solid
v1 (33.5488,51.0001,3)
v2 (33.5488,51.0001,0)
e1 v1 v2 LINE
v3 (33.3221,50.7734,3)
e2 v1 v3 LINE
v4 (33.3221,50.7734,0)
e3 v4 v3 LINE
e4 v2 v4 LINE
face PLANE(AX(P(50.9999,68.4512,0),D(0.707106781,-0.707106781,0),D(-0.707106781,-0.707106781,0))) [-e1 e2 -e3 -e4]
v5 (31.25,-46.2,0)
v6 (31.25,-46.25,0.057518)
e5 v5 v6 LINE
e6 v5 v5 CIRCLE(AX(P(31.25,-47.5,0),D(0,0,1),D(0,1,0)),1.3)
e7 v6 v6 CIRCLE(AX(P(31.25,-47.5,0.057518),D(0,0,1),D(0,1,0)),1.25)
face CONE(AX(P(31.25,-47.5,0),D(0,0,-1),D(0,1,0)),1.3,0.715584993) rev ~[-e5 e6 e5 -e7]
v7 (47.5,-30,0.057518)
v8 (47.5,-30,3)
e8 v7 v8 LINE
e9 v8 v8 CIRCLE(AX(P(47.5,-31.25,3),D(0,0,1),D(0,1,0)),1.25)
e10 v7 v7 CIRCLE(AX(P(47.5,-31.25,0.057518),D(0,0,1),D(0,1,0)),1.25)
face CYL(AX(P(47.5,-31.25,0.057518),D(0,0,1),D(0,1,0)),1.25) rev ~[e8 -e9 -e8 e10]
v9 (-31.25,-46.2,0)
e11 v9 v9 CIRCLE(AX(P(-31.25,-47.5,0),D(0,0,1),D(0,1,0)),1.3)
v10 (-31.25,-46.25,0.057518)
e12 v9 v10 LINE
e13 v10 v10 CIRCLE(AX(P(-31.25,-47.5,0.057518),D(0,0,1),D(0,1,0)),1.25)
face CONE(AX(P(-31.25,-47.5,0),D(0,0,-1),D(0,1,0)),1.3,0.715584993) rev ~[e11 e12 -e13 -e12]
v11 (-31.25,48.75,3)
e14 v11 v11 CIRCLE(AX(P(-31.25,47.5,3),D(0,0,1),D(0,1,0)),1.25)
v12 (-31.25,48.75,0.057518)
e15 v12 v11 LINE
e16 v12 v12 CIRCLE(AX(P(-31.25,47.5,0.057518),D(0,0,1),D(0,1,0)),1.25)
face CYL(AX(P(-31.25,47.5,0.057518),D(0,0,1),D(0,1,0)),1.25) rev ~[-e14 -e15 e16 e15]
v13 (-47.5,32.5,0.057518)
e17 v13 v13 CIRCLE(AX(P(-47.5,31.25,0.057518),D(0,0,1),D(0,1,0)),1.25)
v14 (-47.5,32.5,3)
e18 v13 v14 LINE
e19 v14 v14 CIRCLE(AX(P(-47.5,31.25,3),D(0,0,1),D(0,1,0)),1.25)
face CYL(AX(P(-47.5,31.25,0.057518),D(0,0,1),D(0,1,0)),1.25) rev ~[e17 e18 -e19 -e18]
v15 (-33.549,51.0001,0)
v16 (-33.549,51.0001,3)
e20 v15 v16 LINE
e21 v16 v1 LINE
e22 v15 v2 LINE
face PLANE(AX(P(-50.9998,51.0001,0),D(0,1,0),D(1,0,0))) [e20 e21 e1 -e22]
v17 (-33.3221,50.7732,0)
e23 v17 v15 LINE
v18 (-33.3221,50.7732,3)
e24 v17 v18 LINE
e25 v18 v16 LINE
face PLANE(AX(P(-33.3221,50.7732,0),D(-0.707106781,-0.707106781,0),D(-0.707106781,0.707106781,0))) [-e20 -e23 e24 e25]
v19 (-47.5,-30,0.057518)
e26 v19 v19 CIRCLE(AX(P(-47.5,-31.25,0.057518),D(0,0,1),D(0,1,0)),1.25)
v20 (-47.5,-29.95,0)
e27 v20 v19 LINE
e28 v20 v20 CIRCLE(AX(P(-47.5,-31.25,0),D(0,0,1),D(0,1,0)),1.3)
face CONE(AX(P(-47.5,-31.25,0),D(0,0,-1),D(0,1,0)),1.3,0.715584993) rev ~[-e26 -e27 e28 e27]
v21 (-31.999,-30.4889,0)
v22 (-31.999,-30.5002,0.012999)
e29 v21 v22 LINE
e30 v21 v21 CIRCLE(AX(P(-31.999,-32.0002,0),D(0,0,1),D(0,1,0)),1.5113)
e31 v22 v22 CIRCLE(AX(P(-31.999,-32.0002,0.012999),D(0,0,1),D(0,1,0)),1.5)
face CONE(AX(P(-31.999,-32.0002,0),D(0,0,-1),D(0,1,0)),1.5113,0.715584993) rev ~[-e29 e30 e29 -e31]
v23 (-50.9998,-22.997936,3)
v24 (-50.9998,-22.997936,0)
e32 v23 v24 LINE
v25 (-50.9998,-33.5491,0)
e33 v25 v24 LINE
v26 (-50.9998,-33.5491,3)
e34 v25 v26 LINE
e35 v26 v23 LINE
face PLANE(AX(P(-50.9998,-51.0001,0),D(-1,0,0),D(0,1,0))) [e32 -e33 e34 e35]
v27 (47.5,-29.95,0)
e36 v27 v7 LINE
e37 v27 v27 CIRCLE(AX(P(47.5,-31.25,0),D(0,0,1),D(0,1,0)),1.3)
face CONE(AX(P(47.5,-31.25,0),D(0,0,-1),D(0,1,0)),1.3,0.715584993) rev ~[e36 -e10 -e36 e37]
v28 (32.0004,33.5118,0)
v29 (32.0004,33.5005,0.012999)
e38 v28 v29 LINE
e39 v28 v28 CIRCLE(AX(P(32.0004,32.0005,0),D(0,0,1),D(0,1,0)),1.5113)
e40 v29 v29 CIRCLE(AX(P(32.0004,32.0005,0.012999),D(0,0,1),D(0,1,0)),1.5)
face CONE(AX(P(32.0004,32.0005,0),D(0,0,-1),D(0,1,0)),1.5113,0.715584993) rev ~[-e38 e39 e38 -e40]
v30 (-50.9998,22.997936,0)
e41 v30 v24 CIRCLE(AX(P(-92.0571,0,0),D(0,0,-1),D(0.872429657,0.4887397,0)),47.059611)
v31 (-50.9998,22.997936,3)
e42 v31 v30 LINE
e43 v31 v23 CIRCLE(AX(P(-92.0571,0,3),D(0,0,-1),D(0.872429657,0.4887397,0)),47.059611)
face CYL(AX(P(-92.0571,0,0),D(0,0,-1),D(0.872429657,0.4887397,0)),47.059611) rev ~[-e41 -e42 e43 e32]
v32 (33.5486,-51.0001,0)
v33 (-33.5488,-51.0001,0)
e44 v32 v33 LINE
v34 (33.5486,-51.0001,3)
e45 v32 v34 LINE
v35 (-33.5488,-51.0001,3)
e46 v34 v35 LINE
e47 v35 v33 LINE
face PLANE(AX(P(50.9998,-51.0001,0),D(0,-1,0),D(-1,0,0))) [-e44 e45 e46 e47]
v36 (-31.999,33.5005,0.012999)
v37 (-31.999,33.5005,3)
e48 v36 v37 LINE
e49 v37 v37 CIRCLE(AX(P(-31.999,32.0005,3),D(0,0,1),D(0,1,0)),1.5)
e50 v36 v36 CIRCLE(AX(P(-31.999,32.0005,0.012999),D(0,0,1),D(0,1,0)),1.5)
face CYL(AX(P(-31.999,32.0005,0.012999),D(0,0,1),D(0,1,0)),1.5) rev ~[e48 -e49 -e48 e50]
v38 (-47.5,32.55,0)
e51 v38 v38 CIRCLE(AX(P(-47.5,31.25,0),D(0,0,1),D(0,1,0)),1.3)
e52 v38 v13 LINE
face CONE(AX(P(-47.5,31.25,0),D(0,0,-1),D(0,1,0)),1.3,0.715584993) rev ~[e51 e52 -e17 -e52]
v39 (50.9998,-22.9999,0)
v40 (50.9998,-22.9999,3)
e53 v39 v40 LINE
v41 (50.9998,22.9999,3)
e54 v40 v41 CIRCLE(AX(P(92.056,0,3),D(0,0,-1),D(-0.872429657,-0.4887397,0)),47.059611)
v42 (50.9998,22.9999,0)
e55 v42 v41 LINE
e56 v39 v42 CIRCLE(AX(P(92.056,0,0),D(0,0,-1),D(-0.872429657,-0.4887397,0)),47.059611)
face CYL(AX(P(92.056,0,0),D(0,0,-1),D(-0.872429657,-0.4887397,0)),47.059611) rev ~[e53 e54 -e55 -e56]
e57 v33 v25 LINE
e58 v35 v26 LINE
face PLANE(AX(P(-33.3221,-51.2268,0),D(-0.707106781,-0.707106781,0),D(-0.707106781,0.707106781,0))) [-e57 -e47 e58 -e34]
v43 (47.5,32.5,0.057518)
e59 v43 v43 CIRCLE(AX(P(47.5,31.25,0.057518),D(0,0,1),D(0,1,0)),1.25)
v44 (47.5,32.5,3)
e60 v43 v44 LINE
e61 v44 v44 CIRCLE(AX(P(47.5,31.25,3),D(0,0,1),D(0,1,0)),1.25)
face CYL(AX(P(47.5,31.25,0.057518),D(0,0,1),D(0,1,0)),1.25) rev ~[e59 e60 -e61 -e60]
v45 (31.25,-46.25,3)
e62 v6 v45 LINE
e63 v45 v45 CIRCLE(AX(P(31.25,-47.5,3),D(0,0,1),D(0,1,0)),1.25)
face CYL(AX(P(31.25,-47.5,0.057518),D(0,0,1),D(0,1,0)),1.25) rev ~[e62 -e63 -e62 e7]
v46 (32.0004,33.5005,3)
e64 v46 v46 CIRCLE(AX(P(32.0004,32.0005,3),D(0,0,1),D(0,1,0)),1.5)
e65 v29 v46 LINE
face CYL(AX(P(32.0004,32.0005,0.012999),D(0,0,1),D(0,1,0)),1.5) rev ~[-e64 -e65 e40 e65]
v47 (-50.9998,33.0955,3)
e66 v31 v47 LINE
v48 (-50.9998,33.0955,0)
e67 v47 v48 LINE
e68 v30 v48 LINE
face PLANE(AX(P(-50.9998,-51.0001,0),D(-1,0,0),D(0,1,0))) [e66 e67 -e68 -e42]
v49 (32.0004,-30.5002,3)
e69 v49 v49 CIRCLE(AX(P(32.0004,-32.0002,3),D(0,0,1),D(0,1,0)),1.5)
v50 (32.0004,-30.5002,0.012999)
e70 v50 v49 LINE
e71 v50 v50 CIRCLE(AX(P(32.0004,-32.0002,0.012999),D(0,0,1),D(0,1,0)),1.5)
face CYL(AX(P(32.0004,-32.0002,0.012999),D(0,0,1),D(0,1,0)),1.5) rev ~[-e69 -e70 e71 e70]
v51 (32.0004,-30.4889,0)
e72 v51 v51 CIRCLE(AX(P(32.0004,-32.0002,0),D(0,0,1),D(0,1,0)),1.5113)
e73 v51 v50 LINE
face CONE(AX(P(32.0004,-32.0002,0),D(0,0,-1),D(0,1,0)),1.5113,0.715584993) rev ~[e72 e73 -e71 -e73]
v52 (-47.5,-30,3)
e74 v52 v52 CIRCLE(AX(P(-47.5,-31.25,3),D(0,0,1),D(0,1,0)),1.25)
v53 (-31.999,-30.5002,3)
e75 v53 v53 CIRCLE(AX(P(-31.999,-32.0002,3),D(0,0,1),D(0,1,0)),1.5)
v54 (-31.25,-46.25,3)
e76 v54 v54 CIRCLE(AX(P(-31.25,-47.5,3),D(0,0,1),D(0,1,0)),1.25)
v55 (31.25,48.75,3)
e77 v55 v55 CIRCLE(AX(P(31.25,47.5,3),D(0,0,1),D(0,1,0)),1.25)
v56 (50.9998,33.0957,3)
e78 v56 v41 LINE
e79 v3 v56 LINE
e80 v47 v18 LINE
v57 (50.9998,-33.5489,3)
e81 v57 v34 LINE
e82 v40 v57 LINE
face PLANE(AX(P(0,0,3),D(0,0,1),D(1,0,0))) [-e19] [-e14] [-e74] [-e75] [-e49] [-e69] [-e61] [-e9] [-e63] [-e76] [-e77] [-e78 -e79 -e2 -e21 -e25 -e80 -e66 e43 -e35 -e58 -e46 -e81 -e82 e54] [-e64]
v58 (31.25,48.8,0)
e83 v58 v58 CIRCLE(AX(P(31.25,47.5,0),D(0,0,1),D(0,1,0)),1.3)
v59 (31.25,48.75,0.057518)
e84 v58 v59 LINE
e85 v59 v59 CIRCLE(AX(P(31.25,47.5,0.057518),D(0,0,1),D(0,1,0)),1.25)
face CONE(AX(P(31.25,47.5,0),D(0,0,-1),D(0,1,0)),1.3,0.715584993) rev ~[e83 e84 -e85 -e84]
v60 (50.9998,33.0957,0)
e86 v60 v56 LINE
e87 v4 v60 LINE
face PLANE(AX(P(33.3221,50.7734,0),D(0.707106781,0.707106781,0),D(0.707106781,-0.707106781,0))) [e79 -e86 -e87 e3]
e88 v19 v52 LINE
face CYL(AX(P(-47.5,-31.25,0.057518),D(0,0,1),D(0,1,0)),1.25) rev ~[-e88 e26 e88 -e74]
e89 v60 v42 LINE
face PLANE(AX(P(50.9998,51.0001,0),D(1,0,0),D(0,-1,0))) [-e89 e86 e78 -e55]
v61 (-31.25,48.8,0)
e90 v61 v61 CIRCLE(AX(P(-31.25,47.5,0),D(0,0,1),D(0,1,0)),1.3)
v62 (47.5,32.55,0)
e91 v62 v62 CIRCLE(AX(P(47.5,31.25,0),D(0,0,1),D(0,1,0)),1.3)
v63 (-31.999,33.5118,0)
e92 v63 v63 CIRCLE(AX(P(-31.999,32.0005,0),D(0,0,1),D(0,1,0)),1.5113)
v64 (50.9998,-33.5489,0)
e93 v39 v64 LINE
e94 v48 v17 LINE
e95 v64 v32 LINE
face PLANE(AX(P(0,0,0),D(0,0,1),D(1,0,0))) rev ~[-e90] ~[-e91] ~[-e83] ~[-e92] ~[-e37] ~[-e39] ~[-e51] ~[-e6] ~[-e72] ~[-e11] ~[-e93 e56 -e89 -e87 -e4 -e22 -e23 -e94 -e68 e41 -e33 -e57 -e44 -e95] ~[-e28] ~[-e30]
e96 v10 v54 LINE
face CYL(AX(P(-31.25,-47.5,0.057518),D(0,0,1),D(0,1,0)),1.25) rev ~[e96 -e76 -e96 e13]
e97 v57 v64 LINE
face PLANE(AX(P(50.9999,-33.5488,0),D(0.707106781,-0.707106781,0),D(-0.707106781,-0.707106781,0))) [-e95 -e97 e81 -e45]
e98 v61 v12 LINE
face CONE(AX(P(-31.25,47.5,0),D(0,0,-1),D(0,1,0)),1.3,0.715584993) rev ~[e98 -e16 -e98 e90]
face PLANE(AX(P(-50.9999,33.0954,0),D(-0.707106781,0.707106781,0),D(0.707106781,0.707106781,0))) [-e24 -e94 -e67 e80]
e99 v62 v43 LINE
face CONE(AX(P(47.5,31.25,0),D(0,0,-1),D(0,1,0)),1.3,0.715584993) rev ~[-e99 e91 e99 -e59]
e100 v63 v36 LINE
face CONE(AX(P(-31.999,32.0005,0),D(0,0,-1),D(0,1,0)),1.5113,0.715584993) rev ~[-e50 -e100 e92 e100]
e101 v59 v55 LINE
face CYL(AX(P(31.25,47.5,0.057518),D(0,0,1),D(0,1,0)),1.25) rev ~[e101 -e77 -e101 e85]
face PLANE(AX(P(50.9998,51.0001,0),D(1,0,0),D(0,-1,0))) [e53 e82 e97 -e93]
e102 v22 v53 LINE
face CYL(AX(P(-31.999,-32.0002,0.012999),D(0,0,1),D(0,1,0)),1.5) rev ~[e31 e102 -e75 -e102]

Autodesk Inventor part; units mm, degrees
ref_plane "YZ Plane" through (0, 0, 0) normal (1, 0, 0) x (0, 1, 0)
ref_plane "XZ Plane" through (0, 0, 0) normal (0, 1, 0) x (-1, 0, 0)
ref_plane "XY Plane" through (0, 0, 0) normal (0, 0, 1) x (1, 0, 0)
sketch "Sketch3" plane through (0, 0, 0) normal (0, 0, 1) x (1, 0, 0)
  line L0 (50.9998, -51.0001) -> (-50.9998, -51.0001)
  line L1 (-50.9998, -51.0001) -> (-50.9998, 51.0001)
  line L2 (-50.9998, 51.0001) -> (50.9998, 51.0001)
  line L3 (50.9998, 51.0001) -> (50.9998, -51.0001)
  line L4 (50.9998, -51.0001) -> (-50.9998, 51.0001) construction
  line L5 (-50.9998, -51.0001) -> (50.9998, 51.0001) construction
  point P0 (0, 0)
  dimension "d2" = 101.9996
  dimension "d3" = 102.0002
sketch "Sketch7" plane through (0, 0, 0) normal (0, 0, 1) x (1, 0, 0)
  circle A0 centre (32.0004, 32.0005) radius 1.5002
  circle A1 centre (-31.9991, 32.0005) radius 1.5002
  circle A2 centre (-31.999, 32.0005) radius 1.5002
  circle A3 centre (-31.9991, -32.0002) radius 1.5002
  circle A4 centre (-31.999, -32.0002) radius 1.5002
  circle A5 centre (32.0003, -32.0002) radius 1.5002
  circle A6 centre (32.0004, -32.0002) radius 1.5002
extrude "Extrusion2" add sketch "Sketch3" along normal blind 3
hole "Hole1" at (-31.999, -32.0002, 0) at (-31.999, 32.0005, 0) at (32.0004, 32.0005, 0) at (32.0004, -32.0002, 0) direction (0, 0, 1) diameter 3 end through all countersink diameter 3.0226 countersink angle 82
sketch "Sketch8" plane through (0, 0, 0) normal (0, 0, -1) x (-1, 0, 0)
  circle A0 centre (47.5, 31.25) radius 1.2502
  circle A1 centre (31.25, 47.5) radius 1.2502
  circle A2 centre (-47.5, -31.25) radius 1.2502
  circle A3 centre (-31.25, -47.5) radius 1.2502
  circle A4 centre (-47.5, 31.25) radius 1.2502
  circle A5 centre (-31.25, 47.5) radius 1.2502
  circle A6 centre (47.5, -31.25) radius 1.2502
  circle A7 centre (31.25, -47.5) radius 1.2502
hole "Hole2" at (47.5, -31.25, 0) at (31.25, -47.5, 0) at (-31.25, -47.5, 0) at (-47.5, -31.25, 0) at (47.5, 31.25, 0) at (31.25, 47.5, 0) at (-31.25, 47.5, 0) at (-47.5, 31.25, 0) direction (0, 0, 1) diameter 2.5 end through all countersink diameter 2.6 countersink angle 82
sketch "Sketch9" plane through (0, 0, 0) normal (0, 0, -1) x (-1, 0, 0)
  point P0 (0, 0)
sketch "Sketch10" plane through (0, 0, 0) normal (0, 0, -1) x (-1, 0, 0)
  point P0 (0, 0)
sketch "Sketch11" plane through (0, 0, 0) normal (0, 0, -1) x (-1, 0, 0)
  line L0 (68.6779, 50.7734) -> (50.9999, 33.0954)
  line L1 (50.9999, 33.0954) -> (33.3221, 50.7732)
  line L2 (33.3221, 50.7732) -> (51.0001, 68.4512)
  line L3 (51.0001, 68.4512) -> (68.6779, 50.7734)
  line L4 (68.6779, 50.7734) -> (33.3221, 50.7732) construction
  line L5 (50.9999, 33.0954) -> (51.0001, 68.4512) construction
  line L6 (-33.3221, 50.7734) -> (-51.0001, 33.0954)
  line L7 (-51.0001, 33.0954) -> (-68.6779, 50.7732)
  line L8 (-68.6779, 50.7732) -> (-50.9999, 68.4512)
  line L9 (-50.9999, 68.4512) -> (-33.3221, 50.7734)
  line L10 (-33.3221, 50.7734) -> (-68.6779, 50.7732) construction
  line L11 (-51.0001, 33.0954) -> (-50.9999, 68.4512) construction
  line L12 (-33.3221, -51.2266) -> (-51.0001, -68.9046)
  line L13 (-51.0001, -68.9046) -> (-68.6779, -51.2268)
  line L14 (-68.6779, -51.2268) -> (-50.9999, -33.5488)
  line L15 (-50.9999, -33.5488) -> (-33.3221, -51.2266)
  line L16 (-33.3221, -51.2266) -> (-68.6779, -51.2268) construction
  line L17 (-51.0001, -68.9046) -> (-50.9999, -33.5488) construction
  line L18 (68.6779, -51.2266) -> (50.9999, -68.9046)
  line L19 (50.9999, -68.9046) -> (33.3221, -51.2268)
  line L20 (33.3221, -51.2268) -> (51.0001, -33.5488)
  line L21 (51.0001, -33.5488) -> (68.6779, -51.2266)
  line L22 (68.6779, -51.2266) -> (33.3221, -51.2268) construction
  line L23 (50.9999, -68.9046) -> (51.0001, -33.5488) construction
  point P0 (51, 50.7733)
  point P1 (-51, 50.7733)
  point P2 (-51, -51.2267)
  point P3 (51, -51.2267)
extrude "Extrusion3" cut sketch "Sketch11" against normal blind 3
sketch "Sketch12" plane through (0, 0, 0) normal (0, 0, -1) x (-1, 0, 0)
  line L0 (-50.9998, -33.5489) -> (-50.9998, 33.0957) projected
  arc A0 (-50.9998, -22.9999) -> (-50.9998, 22.9999) centre (-92.056, 0) ccw
  line L1 (-50.9998, 22.9999) -> (-50.9998, -22.9999)
  arc A1 (51.0009, 22.9999) -> (51.0009, -22.9999) centre (92.0571, 0) ccw
  line L2 (51.0009, -22.9999) -> (51.0009, 22.9999)
  point P0 (0, 0)
extrude "Extrusion4" cut sketch "Sketch12" against normal blind 3
properties part number "F450_GPS_mount." material "CFRP"
